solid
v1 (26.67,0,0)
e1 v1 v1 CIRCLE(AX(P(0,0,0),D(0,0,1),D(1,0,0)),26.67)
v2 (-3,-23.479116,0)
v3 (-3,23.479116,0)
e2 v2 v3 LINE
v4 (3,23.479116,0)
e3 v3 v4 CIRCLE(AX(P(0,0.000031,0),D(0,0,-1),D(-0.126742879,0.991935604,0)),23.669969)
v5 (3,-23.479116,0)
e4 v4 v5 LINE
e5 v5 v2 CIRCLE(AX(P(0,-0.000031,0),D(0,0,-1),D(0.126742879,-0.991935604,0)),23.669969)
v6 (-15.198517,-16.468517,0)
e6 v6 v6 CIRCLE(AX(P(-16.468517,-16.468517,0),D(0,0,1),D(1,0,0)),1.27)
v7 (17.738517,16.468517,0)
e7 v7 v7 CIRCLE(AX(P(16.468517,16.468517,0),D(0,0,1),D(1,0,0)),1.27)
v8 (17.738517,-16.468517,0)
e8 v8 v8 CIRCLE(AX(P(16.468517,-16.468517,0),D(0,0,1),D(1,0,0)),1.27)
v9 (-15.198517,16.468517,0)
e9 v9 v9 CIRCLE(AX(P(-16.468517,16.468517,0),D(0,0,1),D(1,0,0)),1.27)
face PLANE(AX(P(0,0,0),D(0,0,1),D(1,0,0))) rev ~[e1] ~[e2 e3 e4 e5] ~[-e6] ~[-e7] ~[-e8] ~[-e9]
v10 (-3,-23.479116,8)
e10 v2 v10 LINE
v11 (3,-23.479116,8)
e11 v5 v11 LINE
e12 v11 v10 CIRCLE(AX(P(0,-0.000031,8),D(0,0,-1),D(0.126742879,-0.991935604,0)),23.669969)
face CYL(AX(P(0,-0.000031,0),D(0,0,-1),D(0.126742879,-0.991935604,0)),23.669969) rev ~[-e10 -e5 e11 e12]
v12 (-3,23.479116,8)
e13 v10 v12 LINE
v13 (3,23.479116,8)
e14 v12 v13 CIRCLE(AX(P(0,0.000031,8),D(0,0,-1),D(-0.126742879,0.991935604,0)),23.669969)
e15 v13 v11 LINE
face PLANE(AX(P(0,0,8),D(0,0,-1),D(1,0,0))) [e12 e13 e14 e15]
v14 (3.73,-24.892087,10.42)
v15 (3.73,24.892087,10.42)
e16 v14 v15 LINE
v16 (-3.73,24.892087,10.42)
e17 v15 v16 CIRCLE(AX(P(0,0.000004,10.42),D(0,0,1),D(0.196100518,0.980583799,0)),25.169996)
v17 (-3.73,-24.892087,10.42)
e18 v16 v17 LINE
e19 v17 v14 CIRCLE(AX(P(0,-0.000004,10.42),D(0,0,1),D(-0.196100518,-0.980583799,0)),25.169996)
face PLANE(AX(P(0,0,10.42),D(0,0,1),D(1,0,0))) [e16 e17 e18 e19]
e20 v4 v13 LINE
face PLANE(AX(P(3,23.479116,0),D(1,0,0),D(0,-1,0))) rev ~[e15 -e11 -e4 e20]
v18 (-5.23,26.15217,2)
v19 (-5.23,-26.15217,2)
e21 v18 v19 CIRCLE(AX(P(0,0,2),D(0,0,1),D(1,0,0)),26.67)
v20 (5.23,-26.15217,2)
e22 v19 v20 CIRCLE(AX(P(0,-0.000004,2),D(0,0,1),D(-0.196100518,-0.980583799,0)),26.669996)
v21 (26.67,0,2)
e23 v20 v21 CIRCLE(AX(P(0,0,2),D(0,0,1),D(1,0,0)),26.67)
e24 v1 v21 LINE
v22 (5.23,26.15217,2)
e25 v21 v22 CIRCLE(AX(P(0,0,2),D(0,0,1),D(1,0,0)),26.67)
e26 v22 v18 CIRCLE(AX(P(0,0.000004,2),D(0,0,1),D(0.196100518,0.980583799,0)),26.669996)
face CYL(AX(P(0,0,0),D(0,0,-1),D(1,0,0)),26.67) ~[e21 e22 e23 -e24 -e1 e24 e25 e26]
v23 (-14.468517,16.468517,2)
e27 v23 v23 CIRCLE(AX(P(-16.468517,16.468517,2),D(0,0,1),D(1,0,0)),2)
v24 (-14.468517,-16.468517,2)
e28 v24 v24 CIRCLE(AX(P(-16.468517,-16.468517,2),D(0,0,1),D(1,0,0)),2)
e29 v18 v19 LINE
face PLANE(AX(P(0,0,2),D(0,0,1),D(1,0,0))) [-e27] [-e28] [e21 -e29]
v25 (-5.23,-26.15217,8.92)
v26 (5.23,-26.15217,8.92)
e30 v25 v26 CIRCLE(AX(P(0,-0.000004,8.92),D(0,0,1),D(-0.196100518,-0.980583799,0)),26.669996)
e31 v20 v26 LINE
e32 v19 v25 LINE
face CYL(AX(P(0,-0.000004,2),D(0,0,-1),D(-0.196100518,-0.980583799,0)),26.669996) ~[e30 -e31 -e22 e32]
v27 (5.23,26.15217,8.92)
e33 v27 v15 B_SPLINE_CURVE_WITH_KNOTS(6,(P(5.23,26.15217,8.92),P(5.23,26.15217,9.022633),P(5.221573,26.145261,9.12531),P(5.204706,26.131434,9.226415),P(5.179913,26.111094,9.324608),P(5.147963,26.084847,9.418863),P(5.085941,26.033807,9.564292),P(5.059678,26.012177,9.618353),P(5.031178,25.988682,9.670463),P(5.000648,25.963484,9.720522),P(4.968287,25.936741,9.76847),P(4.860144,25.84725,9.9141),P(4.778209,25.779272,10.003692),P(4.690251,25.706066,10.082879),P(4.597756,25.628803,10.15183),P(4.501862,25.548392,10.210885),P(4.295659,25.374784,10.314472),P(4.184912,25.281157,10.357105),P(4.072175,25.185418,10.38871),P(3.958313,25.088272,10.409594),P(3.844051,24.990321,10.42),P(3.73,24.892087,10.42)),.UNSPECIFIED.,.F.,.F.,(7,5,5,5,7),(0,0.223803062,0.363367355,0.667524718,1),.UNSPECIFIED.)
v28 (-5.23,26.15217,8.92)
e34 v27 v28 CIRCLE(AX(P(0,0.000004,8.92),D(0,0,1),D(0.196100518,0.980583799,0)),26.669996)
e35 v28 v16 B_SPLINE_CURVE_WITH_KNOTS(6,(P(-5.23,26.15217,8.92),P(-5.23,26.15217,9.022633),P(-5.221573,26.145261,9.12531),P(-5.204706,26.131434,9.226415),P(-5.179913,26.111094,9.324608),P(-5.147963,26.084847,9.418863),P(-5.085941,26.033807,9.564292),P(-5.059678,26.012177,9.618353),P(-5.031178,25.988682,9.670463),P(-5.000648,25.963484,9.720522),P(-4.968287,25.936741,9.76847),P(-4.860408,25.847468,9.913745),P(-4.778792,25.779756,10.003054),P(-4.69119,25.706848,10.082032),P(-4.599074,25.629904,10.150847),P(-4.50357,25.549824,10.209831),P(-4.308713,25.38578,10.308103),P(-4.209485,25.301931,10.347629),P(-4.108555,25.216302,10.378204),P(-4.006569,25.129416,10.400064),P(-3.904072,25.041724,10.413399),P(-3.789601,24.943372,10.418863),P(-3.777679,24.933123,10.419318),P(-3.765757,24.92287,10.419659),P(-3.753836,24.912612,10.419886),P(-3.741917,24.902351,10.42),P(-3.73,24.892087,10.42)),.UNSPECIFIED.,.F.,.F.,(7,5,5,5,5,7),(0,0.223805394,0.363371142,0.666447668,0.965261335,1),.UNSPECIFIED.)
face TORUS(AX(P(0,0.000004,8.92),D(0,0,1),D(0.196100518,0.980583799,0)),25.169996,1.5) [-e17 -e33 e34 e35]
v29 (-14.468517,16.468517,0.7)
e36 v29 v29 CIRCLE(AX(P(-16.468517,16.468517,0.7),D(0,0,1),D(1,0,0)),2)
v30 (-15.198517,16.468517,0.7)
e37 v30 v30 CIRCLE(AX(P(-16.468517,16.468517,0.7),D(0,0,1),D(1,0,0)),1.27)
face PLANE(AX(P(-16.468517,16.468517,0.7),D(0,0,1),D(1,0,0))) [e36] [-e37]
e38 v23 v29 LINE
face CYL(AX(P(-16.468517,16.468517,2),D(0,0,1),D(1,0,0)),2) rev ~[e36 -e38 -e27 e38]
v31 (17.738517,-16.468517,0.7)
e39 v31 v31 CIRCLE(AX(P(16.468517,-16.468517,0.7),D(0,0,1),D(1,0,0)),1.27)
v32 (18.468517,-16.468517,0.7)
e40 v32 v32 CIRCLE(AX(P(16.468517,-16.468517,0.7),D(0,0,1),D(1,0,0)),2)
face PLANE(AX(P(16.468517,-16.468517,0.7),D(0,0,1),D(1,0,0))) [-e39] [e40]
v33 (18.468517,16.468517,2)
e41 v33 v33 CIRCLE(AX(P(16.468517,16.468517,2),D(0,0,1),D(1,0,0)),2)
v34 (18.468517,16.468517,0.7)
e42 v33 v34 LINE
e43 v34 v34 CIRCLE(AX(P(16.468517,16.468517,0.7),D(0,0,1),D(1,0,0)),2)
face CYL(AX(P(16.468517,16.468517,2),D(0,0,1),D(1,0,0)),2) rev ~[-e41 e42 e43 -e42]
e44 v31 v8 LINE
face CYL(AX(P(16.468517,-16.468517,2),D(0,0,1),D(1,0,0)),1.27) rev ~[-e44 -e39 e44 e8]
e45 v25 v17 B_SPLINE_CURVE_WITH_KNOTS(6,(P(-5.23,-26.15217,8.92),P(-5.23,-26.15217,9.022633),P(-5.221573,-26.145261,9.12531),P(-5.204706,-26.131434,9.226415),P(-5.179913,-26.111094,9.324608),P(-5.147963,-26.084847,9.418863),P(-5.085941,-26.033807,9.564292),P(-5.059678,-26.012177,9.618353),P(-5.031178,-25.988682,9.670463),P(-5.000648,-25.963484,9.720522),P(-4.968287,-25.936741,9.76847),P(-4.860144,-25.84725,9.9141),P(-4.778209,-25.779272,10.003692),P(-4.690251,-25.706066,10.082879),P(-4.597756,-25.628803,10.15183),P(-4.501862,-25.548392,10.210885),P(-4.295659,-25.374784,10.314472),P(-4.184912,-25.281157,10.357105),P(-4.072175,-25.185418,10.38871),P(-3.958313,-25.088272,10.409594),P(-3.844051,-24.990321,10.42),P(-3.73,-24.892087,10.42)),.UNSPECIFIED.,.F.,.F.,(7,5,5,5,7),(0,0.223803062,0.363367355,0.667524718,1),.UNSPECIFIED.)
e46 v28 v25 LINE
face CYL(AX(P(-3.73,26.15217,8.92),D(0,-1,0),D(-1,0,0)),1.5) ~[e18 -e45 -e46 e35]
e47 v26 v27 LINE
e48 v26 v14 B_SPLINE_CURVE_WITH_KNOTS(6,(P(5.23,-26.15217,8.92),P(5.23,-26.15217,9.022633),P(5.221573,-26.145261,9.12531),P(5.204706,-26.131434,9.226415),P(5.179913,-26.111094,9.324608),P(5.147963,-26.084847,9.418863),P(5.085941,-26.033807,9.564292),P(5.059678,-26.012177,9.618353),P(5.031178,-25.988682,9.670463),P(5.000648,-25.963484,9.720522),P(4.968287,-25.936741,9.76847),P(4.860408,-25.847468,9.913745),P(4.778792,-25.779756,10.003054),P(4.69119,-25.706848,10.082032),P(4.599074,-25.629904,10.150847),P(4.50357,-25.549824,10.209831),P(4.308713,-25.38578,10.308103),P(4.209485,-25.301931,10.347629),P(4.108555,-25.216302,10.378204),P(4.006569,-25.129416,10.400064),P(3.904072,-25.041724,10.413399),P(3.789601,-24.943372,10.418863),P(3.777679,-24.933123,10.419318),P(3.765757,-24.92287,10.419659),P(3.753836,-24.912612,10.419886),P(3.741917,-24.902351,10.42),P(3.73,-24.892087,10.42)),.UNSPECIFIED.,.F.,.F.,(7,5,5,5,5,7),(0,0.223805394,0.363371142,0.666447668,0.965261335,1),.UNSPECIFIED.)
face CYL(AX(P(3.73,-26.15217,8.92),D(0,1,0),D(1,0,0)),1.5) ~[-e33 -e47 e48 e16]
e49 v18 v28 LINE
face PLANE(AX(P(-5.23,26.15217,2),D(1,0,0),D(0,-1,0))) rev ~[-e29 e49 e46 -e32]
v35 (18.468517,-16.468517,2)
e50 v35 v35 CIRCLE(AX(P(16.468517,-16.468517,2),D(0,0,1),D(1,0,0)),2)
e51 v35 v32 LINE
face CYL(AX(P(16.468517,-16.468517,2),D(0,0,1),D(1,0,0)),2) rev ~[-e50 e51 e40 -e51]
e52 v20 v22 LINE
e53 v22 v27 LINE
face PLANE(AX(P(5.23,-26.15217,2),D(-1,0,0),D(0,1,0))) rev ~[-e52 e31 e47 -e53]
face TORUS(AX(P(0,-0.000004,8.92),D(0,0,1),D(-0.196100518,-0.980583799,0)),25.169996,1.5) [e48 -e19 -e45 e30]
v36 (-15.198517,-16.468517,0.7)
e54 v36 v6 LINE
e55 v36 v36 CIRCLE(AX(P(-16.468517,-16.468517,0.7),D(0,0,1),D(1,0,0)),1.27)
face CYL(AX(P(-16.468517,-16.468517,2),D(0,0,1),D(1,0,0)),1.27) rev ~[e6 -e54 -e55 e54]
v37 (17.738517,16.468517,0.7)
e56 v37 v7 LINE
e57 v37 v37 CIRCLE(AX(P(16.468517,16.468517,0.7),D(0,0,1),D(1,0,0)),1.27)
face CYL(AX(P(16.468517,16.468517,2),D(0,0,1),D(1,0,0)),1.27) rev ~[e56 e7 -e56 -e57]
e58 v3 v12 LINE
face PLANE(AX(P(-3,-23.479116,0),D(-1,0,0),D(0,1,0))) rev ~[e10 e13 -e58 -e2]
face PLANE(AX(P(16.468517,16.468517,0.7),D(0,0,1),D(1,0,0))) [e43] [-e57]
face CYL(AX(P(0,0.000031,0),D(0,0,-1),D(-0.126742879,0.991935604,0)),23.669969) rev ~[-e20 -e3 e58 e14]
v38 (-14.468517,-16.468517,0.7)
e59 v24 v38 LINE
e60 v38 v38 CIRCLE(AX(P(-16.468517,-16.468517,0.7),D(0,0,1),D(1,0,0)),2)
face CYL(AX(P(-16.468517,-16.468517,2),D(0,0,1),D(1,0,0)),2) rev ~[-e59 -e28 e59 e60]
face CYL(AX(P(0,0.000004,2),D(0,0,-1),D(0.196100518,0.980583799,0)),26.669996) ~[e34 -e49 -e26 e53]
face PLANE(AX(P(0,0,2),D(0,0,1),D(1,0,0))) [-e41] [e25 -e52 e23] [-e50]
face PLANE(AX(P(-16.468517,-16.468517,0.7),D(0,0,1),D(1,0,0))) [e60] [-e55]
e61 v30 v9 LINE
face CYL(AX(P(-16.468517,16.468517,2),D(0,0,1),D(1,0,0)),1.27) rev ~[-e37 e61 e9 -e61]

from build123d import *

# Parameters (mm, degrees)
F0_R      = 26.67
F1_DEPTH  = 2
F5_DEPTH  = 8.42
F6_R      = 1.5
F8_DEPTH  = 8
F9_R      = 1.27
F11_DEPTH = 2
F10_R     = 2
F12_DEPTH = 1.3


with BuildPart() as f1:
    # F0 (on Top) → F1 (new body)
    with BuildSketch(Plane.XY):
        Circle(F0_R)
    extrude(amount=F1_DEPTH)

    # F4 (on face) → F5 (join)
    with BuildSketch(Plane.XY.offset(2)):
        with BuildLine():
            ThreePointArc((5.23, 26.15217), (0, 26.67), (-5.23, 26.15217))
            Line((-5.23, 26.15217), (-5.23, -26.15217))
            ThreePointArc((-5.23, -26.15217), (0, -26.67), (5.23, -26.15217))
            Line((5.23, -26.15217), (5.23, 26.15217))
        make_face()
    extrude(amount=F5_DEPTH)

    # F6
    f6_edges = [f1.edges().sort_by_distance(p)[0] for p in [
        (5.23, 0, 10.42),
        (0, 26.67, 10.42),
        (-5.23, 0, 10.42),
        (0, -26.67, 10.42),
    ]]
    fillet(f6_edges, radius=F6_R)

    # F7 (on face) → F8 (cut)
    with BuildSketch(Plane(origin=(0, 0, 0), x_dir=(1, 0, 0), z_dir=(0, 0, -1))):
        with BuildLine():
            ThreePointArc((3, 23.479116), (0, 23.67), (-3, 23.479116))
            Line((-3, 23.479116), (-3, -23.479116))
            ThreePointArc((-3, -23.479116), (0, -23.67), (3, -23.479116))
            Line((3, -23.479116), (3, 23.479116))
        make_face()
    extrude(amount=-F8_DEPTH, mode=Mode.SUBTRACT)

    # F9 (on face) → F11 (cut)
    with BuildSketch(Plane.XY.offset(2)):
        with Locations((-16.468517, 16.468517)):
            Circle(F9_R)
        with Locations((-16.468517, -16.468517)):
            Circle(F9_R)
        with Locations((16.468517, -16.468517)):
            Circle(F9_R)
        with Locations((16.468517, 16.468517)):
            Circle(F9_R)
    extrude(amount=-F11_DEPTH, mode=Mode.SUBTRACT)

    # F10 (on face) → F12 (cut)
    with BuildSketch(Plane.XY.offset(2)):
        with Locations((-16.468517, 16.468517)):
            Circle(F10_R)
        with Locations((-16.468517, -16.468517)):
            Circle(F10_R)
        with Locations((16.468517, -16.468517)):
            Circle(F10_R)
        with Locations((16.468517, 16.468517)):
            Circle(F10_R)
    extrude(amount=-F12_DEPTH, mode=Mode.SUBTRACT)


solid = f1.part
